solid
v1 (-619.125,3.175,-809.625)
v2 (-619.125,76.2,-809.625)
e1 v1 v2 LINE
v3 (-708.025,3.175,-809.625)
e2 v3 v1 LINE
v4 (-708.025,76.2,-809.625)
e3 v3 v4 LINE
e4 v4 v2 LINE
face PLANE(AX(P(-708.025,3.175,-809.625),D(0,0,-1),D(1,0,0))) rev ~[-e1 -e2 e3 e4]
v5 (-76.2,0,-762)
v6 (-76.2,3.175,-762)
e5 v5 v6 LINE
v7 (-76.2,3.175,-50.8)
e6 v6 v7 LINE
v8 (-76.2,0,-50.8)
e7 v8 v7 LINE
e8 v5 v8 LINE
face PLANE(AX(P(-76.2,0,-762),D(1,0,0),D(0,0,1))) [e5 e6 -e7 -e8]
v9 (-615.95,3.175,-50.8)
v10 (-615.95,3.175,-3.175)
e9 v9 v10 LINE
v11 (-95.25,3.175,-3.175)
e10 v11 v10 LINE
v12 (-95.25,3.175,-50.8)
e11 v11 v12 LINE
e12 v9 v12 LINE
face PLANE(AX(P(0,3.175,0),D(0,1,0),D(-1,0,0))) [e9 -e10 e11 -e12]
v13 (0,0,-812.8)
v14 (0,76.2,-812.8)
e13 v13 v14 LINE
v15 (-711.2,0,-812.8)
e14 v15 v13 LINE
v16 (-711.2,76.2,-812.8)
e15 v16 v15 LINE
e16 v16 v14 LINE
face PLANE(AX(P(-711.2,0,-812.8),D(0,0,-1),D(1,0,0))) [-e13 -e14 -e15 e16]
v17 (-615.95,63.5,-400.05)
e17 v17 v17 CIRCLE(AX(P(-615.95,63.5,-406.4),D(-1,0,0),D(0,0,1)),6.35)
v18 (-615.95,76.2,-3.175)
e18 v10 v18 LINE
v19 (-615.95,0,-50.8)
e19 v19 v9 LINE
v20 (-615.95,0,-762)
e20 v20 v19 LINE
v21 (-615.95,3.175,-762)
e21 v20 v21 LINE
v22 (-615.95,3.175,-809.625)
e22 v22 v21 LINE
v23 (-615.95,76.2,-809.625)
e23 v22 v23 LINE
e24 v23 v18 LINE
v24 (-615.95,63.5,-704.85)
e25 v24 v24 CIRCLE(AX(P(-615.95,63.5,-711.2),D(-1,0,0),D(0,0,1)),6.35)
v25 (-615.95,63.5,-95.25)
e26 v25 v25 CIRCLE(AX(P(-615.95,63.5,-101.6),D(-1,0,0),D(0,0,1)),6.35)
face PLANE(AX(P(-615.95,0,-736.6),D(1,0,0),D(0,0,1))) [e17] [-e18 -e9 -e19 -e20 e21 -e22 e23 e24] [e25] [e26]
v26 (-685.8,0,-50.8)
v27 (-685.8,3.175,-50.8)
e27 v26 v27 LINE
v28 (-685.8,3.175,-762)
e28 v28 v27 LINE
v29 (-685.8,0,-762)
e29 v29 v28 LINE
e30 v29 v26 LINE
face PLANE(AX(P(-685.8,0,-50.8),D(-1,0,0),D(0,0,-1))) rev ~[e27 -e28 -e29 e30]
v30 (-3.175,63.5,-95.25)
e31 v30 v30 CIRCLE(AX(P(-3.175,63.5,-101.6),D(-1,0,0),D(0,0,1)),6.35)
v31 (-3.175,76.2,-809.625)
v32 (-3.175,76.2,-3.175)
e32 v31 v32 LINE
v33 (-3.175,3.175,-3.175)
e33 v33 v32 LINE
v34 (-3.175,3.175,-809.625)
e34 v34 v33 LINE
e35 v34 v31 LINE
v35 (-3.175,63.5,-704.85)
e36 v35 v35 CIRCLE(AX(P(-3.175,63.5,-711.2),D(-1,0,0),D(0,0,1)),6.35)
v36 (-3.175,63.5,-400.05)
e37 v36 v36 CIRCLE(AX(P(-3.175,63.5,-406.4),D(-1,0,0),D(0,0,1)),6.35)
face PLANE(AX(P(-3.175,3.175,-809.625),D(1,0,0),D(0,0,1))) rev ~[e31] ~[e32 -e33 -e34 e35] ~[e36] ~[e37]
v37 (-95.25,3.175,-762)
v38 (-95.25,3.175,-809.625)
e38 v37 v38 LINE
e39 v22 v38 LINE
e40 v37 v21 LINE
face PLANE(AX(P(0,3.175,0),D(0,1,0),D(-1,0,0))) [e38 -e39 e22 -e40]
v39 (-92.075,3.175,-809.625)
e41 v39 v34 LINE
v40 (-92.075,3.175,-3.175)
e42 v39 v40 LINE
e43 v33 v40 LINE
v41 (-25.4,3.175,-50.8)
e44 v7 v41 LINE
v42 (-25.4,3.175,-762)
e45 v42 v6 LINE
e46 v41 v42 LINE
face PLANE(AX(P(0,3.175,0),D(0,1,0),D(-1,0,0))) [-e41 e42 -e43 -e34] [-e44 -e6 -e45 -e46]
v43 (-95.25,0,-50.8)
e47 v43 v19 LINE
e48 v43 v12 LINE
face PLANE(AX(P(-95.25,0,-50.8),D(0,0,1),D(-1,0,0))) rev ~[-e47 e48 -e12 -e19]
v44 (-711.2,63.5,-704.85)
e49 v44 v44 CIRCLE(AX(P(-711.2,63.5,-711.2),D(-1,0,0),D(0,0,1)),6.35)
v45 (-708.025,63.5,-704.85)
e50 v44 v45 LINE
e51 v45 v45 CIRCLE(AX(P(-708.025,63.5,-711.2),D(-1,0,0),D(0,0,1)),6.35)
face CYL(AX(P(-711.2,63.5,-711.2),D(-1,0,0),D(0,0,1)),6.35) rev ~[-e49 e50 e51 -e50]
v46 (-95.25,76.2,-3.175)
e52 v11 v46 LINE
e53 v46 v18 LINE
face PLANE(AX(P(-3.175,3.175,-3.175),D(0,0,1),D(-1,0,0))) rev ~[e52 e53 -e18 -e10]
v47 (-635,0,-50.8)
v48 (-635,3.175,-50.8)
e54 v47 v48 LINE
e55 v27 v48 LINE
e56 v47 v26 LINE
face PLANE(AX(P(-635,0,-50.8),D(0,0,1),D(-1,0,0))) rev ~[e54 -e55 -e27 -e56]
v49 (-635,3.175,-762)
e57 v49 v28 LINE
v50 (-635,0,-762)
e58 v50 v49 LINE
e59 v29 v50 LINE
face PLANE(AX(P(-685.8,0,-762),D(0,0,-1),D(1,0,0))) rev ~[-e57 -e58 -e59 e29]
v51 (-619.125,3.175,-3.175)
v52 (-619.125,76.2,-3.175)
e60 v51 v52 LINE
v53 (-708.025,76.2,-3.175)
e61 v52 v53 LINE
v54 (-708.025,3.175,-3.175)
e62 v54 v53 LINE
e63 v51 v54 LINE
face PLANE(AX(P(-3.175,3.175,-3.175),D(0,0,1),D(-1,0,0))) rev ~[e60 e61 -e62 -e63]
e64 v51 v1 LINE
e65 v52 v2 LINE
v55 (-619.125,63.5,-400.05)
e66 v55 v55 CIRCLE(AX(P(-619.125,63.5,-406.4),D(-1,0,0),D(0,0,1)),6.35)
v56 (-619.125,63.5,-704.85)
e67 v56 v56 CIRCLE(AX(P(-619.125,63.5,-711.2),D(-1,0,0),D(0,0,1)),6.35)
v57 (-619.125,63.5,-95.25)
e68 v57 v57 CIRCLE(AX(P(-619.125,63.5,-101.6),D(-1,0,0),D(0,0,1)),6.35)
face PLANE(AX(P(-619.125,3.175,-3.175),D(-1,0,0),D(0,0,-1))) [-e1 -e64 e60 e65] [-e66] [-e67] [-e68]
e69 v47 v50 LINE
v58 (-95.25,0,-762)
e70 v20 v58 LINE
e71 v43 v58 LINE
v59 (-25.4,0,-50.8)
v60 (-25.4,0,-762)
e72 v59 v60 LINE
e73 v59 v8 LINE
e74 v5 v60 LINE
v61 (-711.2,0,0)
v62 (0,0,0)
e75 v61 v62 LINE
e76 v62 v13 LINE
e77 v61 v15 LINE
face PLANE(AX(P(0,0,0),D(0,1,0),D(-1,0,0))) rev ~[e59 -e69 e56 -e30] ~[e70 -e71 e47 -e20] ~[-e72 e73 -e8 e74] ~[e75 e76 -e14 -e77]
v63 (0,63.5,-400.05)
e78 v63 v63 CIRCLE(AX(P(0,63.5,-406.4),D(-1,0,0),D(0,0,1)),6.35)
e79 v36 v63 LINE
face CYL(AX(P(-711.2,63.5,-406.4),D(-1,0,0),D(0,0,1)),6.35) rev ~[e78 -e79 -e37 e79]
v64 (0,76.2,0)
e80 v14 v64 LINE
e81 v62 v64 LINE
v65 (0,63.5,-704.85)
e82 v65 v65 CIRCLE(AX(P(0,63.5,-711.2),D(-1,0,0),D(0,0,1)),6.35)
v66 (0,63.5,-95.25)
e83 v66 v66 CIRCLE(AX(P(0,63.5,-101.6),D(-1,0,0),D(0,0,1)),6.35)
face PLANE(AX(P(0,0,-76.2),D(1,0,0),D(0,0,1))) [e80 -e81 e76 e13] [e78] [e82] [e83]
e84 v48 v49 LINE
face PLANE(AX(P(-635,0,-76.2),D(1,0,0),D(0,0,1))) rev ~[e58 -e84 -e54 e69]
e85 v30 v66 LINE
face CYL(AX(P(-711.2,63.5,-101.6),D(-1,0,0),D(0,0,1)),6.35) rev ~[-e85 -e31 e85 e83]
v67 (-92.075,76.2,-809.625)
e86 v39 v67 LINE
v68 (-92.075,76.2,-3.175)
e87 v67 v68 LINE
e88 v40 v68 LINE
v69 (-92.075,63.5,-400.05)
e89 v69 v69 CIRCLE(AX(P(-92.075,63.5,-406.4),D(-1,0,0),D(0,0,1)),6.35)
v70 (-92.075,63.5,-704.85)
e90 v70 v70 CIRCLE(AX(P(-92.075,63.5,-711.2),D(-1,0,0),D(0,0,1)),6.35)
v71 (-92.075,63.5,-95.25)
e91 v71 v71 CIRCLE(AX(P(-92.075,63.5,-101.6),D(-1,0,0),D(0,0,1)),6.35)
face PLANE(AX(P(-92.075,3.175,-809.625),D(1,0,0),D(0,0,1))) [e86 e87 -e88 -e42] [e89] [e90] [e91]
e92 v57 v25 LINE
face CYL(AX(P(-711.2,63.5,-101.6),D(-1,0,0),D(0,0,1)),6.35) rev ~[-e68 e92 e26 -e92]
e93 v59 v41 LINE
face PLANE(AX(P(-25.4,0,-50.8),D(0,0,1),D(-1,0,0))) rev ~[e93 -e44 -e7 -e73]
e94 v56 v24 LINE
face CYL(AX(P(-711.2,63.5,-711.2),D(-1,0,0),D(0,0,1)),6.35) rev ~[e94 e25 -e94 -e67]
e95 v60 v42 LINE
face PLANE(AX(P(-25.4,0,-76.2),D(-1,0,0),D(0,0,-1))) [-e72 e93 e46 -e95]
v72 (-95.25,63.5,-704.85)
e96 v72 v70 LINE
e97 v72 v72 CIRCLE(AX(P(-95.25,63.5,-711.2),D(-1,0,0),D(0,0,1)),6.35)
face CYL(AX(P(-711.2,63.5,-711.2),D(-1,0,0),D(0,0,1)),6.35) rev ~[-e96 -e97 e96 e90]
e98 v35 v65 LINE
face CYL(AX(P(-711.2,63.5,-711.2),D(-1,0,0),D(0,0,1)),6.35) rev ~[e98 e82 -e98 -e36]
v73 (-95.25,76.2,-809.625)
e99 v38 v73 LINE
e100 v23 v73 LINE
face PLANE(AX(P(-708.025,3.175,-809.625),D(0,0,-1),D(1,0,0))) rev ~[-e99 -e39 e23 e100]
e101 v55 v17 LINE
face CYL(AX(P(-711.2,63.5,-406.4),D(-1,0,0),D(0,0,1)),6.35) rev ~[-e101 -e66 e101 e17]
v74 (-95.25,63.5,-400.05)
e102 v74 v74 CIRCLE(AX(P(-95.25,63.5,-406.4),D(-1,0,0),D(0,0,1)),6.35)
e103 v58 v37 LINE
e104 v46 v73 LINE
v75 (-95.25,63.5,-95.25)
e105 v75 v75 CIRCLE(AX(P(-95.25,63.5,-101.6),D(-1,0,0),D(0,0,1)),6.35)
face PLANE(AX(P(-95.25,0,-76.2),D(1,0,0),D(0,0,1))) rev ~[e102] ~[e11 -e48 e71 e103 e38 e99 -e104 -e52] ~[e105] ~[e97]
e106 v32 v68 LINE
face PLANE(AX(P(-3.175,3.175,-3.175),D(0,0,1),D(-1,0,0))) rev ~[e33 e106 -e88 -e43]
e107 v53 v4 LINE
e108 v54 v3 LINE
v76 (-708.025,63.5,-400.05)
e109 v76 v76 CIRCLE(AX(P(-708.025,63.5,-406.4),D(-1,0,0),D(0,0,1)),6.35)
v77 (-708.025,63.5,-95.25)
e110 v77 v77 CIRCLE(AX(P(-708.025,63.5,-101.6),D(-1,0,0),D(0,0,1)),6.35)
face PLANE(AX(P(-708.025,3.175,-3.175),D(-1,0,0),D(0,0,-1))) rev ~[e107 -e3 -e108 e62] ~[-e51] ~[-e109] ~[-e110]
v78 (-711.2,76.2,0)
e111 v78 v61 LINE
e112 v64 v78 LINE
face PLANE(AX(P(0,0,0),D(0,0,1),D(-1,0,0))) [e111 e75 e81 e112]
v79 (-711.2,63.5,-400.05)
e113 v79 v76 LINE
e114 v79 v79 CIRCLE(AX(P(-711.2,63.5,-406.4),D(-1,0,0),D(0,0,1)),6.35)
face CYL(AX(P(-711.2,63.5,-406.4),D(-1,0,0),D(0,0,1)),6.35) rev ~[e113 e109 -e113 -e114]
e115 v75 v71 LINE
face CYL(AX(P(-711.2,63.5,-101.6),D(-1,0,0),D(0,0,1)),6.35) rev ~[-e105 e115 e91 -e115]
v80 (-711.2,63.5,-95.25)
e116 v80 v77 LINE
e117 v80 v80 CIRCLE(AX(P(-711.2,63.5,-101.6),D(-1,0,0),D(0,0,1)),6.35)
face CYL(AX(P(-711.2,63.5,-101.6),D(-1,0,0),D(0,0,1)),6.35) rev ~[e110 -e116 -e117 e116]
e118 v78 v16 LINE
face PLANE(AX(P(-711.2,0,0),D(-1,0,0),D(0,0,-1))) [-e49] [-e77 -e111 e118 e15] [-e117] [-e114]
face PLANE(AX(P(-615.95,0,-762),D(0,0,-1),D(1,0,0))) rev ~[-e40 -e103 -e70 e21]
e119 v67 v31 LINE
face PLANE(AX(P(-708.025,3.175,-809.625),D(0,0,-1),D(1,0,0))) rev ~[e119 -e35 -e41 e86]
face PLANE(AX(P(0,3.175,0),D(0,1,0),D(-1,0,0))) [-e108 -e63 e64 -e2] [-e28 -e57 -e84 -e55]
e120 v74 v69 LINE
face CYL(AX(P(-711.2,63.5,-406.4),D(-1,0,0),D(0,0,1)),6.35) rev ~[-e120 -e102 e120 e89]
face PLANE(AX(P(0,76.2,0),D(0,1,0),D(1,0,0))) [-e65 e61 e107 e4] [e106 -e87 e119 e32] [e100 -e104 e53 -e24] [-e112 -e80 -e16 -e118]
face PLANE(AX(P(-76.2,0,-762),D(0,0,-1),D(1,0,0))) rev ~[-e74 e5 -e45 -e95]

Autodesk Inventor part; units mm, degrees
ref_plane "YZ Plane" through (0, 0, 0) normal (1, 0, 0) x (0, 1, 0)
ref_plane "XZ Plane" through (0, 0, 0) normal (0, 1, 0) x (-1, 0, 0)
ref_plane "XY Plane" through (0, 0, 0) normal (0, 0, 1) x (1, 0, 0)
sketch "Sketch1" plane through (0, 0, 0) normal (0, 1, 0) x (-1, 0, 0)
  line L0 (0, 0) -> (711.2, 0)
  line L1 (711.2, 0) -> (711.2, -812.8)
  line L2 (711.2, -812.8) -> (0, -812.8)
  line L3 (0, -812.8) -> (0, 0)
  line L4 (0, 0) -> (711.2, 0)
  line L5 (711.2, 0) -> (711.2, -76.2)
  line L6 (0, -76.2) -> (0, 0)
  line L7 (0, -812.8) -> (711.2, -812.8)
  line L8 (711.2, -812.8) -> (711.2, -736.6)
  line L9 (0, -736.6) -> (0, -812.8)
  line L10 (0, 0) -> (25.4, 0)
  line L11 (25.4, -76.2) -> (25.4, -736.6)
  line L12 (25.4, -812.8) -> (0, -812.8)
  line L13 (0, -812.8) -> (0, 0)
  line L14 (711.2, 0) -> (685.8, 0)
  line L15 (685.8, -76.2) -> (685.8, -736.6)
  line L16 (685.8, -812.8) -> (711.2, -812.8)
  line L17 (711.2, -812.8) -> (711.2, 0)
  line L18 (685.8, -736.6) -> (635, -736.6)
  line L19 (615.95, -736.6) -> (615.95, -76.2)
  line L20 (635, -76.2) -> (635, -736.6)
  line L21 (25.4, -736.6) -> (76.2, -736.6)
  line L22 (95.25, -736.6) -> (95.25, -76.2)
  line L23 (76.2, -76.2) -> (76.2, -736.6)
  line L24 (685.8, -76.2) -> (635, -76.2)
  line L25 (685.8, -736.6) -> (635, -736.6)
  line L26 (615.95, -736.6) -> (95.25, -736.6)
  line L27 (76.2, -736.6) -> (25.4, -736.6)
  line L28 (615.95, -76.2) -> (95.25, -76.2)
  line L29 (76.2, -76.2) -> (25.4, -76.2)
  dimension "d0" = 711.2
  dimension "d1" = 812.8
  dimension "d2" = 76.2
  dimension "d3" = 76.2
  dimension "d4" = 25.4
  dimension "d5" = 25.4
  dimension "d6" = 812.8
  dimension "d10" = 660.4
extrude "Extrusion1" add sketch "Sketch1" along normal blind 3.175
sketch "Sketch2" plane through (0, 3.175, 0) normal (0, 1, 0) x (1, 0, 0)
  line L0 (-711.2, 812.8) -> (0, 812.8)
  line L1 (0, 812.8) -> (0, 0)
  line L2 (0, 0) -> (-711.2, 0)
  line L3 (-711.2, 0) -> (-711.2, 812.8)
  line L4 (-708.025, 809.625) -> (-3.175, 809.625)
  line L5 (-3.175, 809.625) -> (-3.175, 3.175)
  line L6 (-3.175, 3.175) -> (-708.025, 3.175)
  line L7 (-708.025, 3.175) -> (-708.025, 809.625)
extrude "Extrusion2" add sketch "Sketch2" along normal blind 73.025
sketch "Sketch3" plane through (0, 0, 0) normal (0, -1, 0) x (1, 0, 0)
  line L0 (-25.4, -76.2) -> (-25.4, -50.8)
  line L1 (-25.4, -50.8) -> (-685.8, -50.8)
  line L2 (-685.8, -50.8) -> (-685.8, -762)
  line L3 (-685.8, -762) -> (-25.4, -762)
  line L4 (-25.4, -762) -> (-25.4, -50.8)
  line L5 (-25.4, -76.2) -> (-76.2, -76.2)
  line L6 (-76.2, -76.2) -> (-76.2, -50.8)
  line L7 (-95.25, -76.2) -> (-95.25, -50.8)
  line L8 (-95.25, -76.2) -> (-615.95, -76.2)
  line L9 (-615.95, -76.2) -> (-615.95, -50.8)
  line L10 (-635, -76.2) -> (-635, -50.8)
  line L11 (-635, -76.2) -> (-685.8, -76.2)
  line L12 (-95.25, -736.6) -> (-95.25, -762)
  line L13 (-95.25, -736.6) -> (-615.95, -736.6)
  line L14 (-615.95, -736.6) -> (-615.95, -762)
  line L15 (-635, -736.6) -> (-635, -762)
  line L16 (-635, -736.6) -> (-685.8, -736.6)
  line L17 (-635, -50.8) -> (-685.8, -50.8)
  line L18 (-685.8, -50.8) -> (-685.8, -76.2)
  line L19 (-685.8, -736.6) -> (-685.8, -762)
  line L20 (-685.8, -762) -> (-635, -762)
  line L21 (-615.95, -762) -> (-95.25, -762)
  line L22 (-95.25, -762) -> (-95.25, -736.6)
  line L23 (-25.4, -736.6) -> (-25.4, -76.2) projected
  line L24 (-25.4, -762) -> (-76.2, -762)
  line L25 (-76.2, -762) -> (-76.2, -736.6)
  line L26 (-76.2, -736.6) -> (-25.4, -736.6)
  line L27 (-25.4, -736.6) -> (-25.4, -762)
  point P0 (0, 0)
  dimension "d22" = 25.4
  dimension "d23" = 660.4
  dimension "d24" = 711.2
  dimension "d25" = 25.4
  dimension "d26" = 25.4
extrude "Extrusion3" cut sketch "Sketch3" against normal blind 73.025 contours L5 L6 L1 L0 | L4 L3 L25 L26 | L7 L8 L9 L1 | L3 L14 L13 L12 | L10 L11 L2 L1 | L3 L2 L16 L15
sketch "Sketch4" plane through (-711.2, 0, -812.8) normal (-1, 0, 0) x (0, 0, 1)
  line L0 (812.8, 76.2) -> (406.4, 76.2)
  line L1 (812.8, 76.2) -> (0, 76.2) projected
  line L2 (762, 0) -> (50.8, 0) projected
  circle A0 centre (406.4, 63.5) radius 6.35
  circle A1 centre (711.2, 63.5) radius 6.35
  circle A2 centre (101.6, 63.5) radius 6.35
  point P0 (812.8, 0)
  dimension "d29" = 406.4
  dimension "d31" = 12.7
  dimension "d35" = 12.7
  dimension "d36" = 12.7
sketch "Sketch5" plane through (0, 3.175, 0) normal (0, 1, 0) x (1, 0, 0)
  line L0 (-708.025, 3.175) -> (-3.175, 3.175) projected
  line L1 (-3.175, 809.625) -> (-708.025, 809.625) projected
  line L2 (-615.95, 3.175) -> (-619.125, 3.175)
  line L3 (-619.125, 3.175) -> (-619.125, 809.625)
  line L4 (-619.125, 809.625) -> (-615.95, 809.625)
  line L5 (-615.95, 809.625) -> (-615.95, 3.175)
  line L6 (-95.25, 809.625) -> (-92.075, 809.625)
  line L7 (-92.075, 809.625) -> (-92.075, 3.175)
  line L8 (-92.075, 3.175) -> (-95.25, 3.175)
  line L9 (-95.25, 3.175) -> (-95.25, 809.625)
  point P0 (0, 0)
  dimension "d37" = 3.175
  dimension "d38" = 3.175
extrude "Extrusion4" add sketch "Sketch5" along normal blind 73.025 contours L3 L1 L5 L0 | L9 L1 L7 L0
extrude "Extrusion5" cut sketch "Sketch4" against normal blind 1016
properties part number "Base"
